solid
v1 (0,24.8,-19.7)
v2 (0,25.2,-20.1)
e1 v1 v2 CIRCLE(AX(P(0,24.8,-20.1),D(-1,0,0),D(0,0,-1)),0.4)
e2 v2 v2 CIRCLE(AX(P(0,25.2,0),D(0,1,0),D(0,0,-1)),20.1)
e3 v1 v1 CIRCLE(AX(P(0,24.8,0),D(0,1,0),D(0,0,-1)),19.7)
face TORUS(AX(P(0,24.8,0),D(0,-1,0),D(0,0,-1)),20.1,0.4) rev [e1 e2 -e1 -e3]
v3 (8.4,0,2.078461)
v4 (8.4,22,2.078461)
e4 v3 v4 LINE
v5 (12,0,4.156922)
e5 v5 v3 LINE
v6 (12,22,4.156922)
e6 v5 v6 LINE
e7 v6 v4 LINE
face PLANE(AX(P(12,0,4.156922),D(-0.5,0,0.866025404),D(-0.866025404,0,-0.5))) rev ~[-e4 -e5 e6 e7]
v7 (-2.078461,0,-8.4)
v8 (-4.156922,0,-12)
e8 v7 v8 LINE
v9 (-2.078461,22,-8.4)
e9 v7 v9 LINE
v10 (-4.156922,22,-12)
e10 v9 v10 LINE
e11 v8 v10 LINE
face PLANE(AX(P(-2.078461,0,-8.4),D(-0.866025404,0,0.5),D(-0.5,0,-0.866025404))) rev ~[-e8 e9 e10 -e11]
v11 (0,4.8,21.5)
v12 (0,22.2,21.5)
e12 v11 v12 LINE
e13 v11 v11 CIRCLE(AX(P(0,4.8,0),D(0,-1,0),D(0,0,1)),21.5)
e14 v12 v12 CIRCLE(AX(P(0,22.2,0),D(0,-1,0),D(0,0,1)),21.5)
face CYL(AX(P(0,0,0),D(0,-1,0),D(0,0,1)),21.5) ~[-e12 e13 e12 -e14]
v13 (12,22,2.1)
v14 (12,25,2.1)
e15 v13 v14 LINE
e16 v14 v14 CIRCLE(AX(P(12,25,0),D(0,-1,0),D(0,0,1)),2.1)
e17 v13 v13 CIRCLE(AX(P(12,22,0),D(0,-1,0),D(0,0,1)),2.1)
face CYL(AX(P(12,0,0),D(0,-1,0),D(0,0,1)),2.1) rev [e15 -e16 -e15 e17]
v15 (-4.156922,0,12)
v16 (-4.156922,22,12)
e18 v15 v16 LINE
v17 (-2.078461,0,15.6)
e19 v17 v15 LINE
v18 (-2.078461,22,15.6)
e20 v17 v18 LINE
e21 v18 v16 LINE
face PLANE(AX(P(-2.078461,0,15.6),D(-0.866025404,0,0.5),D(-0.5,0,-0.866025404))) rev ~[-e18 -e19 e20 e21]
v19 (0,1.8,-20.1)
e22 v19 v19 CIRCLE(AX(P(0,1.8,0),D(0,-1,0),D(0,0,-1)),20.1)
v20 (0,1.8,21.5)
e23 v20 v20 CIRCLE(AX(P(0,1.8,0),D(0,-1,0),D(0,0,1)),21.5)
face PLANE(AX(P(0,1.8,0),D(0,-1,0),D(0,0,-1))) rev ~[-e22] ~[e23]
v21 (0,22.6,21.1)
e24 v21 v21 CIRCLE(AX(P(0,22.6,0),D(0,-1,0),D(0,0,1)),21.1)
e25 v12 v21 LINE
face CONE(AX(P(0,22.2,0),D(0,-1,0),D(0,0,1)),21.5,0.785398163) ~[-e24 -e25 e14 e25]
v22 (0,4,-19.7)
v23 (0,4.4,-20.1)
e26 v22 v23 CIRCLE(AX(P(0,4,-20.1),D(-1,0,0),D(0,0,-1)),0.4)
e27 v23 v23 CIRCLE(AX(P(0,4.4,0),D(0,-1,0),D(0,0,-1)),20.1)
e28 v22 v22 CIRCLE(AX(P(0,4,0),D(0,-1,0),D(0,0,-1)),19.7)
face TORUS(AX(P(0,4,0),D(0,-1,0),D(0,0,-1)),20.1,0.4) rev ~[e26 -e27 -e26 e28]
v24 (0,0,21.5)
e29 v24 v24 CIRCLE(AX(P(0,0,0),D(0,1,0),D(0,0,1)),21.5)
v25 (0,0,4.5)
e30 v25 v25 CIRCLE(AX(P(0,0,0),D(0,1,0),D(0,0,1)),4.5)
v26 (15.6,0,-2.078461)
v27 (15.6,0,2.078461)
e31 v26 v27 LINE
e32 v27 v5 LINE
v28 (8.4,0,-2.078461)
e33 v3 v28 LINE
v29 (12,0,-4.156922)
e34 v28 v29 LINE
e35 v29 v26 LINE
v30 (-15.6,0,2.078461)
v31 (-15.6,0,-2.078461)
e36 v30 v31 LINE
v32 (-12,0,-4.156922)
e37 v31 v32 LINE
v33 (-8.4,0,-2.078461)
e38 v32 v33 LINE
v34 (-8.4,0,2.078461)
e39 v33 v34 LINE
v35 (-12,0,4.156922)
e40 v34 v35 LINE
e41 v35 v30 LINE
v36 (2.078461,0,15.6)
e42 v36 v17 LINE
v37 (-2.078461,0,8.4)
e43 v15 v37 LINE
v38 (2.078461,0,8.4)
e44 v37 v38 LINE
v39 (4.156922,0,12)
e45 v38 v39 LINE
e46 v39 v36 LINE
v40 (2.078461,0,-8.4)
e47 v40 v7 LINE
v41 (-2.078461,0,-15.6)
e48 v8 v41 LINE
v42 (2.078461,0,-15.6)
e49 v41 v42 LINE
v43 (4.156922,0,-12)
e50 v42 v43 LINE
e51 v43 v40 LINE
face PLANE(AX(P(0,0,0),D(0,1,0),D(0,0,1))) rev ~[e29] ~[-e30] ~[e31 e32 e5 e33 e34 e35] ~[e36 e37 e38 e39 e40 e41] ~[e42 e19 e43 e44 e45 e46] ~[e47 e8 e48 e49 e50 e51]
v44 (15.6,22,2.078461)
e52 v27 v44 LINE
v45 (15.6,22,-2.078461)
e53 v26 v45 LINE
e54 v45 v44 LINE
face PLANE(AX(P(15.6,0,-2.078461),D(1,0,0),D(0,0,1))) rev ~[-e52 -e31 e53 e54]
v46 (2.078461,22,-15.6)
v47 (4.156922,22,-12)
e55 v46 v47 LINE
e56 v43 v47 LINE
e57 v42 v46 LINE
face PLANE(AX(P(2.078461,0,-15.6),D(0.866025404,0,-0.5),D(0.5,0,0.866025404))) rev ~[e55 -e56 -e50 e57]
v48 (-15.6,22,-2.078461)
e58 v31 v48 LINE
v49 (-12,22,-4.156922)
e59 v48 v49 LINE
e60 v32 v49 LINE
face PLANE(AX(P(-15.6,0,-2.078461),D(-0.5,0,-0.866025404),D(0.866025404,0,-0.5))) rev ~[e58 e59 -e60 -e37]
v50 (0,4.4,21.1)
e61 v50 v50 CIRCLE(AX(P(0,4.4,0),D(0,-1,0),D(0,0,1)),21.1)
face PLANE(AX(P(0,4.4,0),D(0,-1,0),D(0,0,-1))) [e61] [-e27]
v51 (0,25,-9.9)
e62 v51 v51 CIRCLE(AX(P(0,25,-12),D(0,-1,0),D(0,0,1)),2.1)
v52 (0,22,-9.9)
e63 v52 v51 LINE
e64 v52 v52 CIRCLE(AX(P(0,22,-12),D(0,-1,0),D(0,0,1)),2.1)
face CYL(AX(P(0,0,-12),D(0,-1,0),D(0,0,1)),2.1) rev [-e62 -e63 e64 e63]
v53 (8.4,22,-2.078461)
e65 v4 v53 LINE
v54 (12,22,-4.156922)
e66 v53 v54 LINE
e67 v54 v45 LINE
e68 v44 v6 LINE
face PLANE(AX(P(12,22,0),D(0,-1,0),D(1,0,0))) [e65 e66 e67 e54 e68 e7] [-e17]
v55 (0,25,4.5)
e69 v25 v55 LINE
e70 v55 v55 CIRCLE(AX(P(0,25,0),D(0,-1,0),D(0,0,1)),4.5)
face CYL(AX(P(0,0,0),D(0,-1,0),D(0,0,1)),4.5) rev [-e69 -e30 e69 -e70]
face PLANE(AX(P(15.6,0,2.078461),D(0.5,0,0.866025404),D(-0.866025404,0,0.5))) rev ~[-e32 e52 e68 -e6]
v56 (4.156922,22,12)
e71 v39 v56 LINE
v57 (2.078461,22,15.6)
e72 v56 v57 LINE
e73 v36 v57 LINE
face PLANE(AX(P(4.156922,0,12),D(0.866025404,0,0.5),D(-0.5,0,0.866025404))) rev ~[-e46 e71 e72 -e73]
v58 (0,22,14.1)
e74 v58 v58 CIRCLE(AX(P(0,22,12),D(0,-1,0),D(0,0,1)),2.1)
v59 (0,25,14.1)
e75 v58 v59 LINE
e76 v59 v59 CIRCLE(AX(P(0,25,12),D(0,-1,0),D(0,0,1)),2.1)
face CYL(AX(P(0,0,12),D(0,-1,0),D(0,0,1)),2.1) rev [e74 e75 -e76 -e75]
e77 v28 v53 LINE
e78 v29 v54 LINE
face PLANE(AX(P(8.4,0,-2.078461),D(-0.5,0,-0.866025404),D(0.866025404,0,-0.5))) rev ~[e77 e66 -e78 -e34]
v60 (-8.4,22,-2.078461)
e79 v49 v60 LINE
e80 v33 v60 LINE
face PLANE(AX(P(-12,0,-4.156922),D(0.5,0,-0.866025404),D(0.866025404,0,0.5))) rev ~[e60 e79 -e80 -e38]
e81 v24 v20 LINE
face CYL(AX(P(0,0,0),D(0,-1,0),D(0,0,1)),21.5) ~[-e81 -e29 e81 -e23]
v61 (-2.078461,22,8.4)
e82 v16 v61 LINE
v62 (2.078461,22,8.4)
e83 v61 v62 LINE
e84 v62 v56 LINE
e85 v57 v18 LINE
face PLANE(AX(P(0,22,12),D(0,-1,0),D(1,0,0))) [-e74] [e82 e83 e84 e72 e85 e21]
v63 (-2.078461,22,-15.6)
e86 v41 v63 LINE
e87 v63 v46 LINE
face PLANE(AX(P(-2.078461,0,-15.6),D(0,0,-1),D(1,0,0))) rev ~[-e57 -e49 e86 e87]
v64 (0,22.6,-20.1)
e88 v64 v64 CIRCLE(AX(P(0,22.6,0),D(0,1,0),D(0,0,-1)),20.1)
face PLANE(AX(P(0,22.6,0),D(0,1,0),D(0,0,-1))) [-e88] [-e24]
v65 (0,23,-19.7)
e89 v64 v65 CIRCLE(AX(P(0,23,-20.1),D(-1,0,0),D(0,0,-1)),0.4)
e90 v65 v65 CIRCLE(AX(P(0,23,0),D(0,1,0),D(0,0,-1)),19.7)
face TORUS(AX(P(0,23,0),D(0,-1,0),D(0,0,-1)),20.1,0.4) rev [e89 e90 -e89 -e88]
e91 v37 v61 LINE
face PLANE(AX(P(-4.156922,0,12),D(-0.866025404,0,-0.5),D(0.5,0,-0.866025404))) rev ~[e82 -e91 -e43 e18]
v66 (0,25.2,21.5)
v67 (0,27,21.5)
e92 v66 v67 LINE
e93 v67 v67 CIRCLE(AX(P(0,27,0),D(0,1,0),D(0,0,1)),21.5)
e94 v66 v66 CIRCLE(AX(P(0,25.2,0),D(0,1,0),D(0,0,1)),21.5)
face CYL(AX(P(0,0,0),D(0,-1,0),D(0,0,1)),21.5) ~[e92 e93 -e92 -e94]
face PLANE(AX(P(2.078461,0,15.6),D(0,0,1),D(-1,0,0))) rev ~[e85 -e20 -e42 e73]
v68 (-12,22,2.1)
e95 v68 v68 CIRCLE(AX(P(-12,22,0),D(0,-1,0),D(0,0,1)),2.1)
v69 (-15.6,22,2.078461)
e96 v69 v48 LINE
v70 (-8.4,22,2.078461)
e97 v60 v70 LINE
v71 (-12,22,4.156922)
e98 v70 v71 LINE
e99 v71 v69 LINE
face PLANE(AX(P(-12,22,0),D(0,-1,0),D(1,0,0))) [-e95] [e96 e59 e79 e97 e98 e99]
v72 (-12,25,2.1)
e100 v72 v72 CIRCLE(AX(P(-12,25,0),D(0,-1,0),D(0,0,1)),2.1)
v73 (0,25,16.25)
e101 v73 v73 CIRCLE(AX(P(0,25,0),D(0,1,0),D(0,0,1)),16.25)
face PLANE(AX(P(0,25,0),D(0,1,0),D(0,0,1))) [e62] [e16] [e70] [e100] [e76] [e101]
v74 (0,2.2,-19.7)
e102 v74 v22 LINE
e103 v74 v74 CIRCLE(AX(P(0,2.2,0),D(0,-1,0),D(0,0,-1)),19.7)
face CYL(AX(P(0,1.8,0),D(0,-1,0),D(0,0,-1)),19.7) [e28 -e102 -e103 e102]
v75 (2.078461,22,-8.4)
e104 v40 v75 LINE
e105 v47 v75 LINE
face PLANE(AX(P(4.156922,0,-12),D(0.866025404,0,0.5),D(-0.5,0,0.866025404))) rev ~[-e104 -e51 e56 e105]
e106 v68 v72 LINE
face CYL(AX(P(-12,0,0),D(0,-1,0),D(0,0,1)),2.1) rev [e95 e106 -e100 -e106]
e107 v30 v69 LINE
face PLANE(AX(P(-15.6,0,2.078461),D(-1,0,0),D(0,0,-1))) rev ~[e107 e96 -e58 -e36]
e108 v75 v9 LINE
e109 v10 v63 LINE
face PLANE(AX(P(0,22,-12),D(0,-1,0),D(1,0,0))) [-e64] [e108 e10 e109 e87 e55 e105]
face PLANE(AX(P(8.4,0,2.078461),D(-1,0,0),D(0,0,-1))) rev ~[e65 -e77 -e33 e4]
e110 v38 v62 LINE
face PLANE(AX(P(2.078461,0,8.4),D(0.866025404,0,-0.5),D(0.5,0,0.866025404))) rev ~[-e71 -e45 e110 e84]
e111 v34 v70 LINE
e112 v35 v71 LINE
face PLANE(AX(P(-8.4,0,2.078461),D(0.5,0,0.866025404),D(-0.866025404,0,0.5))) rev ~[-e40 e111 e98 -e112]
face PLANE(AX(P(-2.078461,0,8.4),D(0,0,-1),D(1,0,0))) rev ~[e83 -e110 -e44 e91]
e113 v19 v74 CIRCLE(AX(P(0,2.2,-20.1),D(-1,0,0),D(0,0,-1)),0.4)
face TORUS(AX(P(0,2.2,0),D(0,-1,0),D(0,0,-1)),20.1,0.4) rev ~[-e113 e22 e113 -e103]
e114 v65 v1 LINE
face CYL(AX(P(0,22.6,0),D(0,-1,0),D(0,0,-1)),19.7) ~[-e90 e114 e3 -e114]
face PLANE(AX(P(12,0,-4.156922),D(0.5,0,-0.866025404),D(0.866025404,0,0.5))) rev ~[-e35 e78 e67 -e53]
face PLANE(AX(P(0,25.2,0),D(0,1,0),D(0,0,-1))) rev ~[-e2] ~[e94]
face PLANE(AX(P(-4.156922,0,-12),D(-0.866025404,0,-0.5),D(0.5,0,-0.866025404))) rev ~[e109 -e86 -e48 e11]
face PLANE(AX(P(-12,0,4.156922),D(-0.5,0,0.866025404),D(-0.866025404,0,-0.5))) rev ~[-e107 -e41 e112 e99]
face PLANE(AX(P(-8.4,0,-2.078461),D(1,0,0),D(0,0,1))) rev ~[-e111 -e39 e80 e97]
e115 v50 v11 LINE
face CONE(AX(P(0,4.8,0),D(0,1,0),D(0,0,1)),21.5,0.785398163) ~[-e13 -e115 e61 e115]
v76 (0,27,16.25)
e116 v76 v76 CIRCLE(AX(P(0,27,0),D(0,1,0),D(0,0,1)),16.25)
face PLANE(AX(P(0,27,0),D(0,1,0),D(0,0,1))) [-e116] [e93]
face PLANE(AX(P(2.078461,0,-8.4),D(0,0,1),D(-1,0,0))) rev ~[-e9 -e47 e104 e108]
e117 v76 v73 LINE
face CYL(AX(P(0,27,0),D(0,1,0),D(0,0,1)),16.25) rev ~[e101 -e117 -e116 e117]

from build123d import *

# Parameters (mm, degrees)
SKETCH1_R           = 21.5
SKETCH1_R_2         = 4.5
SKETCH1_R_3         = 2.1
BOSS_EXTRUDE1_DEPTH = 27
CUT_EXTRUDE1_DEPTH  = 22
SKETCH3_R           = 16.25
CUT_EXTRUDE2_DEPTH  = 2
SKETCH6_R           = 21.5
SKETCH6_R_2         = 19.7
CUT_EXTRUDE3_DEPTH  = 2.6
CUT_EXTRUDE4_START  = -2.6
SKETCH7_R           = 21.5
SKETCH7_R_2         = 19.7
CUT_EXTRUDE4_DEPTH  = 2.6
FILLET1_R           = 0.4
CHAMFER1_SIZE       = 0.4


with BuildPart() as part:
    # Sketch1 → Boss-Extrude1 (new body)
    with BuildSketch(Plane(origin=(0, 0, 0), x_dir=(1, 0, 0), z_dir=(0, 1, 0))):
        with Locations(Location((0, 0, 0), (0, 0, 270))):
            Circle(SKETCH1_R)
        with Locations(Location((0, 0, 0), (0, 0, 270))):
            Circle(SKETCH1_R_2, mode=Mode.SUBTRACT)
        with Locations(Location((0, 12, 0), (0, 0, 270))):
            Circle(SKETCH1_R_3, mode=Mode.SUBTRACT)
        with Locations(Location((12, 0, 0), (0, 0, 270))):
            Circle(SKETCH1_R_3, mode=Mode.SUBTRACT)
        with Locations(Location((0, -12, 0), (0, 0, 270))):
            Circle(SKETCH1_R_3, mode=Mode.SUBTRACT)
        with Locations(Location((-12, 0, 0), (0, 0, 270))):
            Circle(SKETCH1_R_3, mode=Mode.SUBTRACT)
    extrude(amount=BOSS_EXTRUDE1_DEPTH)

    # Sketch2 → Cut-Extrude1 (cut)
    with BuildSketch(Plane.XZ):
        Polygon((12, -4.156921938), (15.6, -2.078460969), (15.6, 2.078460969), (12, 4.156921938), (8.4, 2.078460969), (8.4, -2.078460969), align=None)
        Polygon((4.156921938, 12), (2.078460969, 15.6), (-2.078460969, 15.6), (-4.156921938, 12), (-2.078460969, 8.4), (2.078460969, 8.4), align=None)
        Polygon((-4.156921938, -12), (-2.078460969, -15.6), (2.078460969, -15.6), (4.156921938, -12), (2.078460969, -8.4), (-2.078460969, -8.4), align=None)
        Polygon((-12, 4.156921938), (-15.6, 2.078460969), (-15.6, -2.078460969), (-12, -4.156921938), (-8.4, -2.078460969), (-8.4, 2.078460969), align=None)
    extrude(amount=-CUT_EXTRUDE1_DEPTH, mode=Mode.SUBTRACT)

    # Sketch3 → Cut-Extrude2 (cut)
    with BuildSketch(Plane(origin=(0, 27, 0), x_dir=(1, 0, 0), z_dir=(0, 1, 0))):
        with Locations(Location((0, 0, 0), (0, 0, 270))):
            Circle(SKETCH3_R)
    extrude(amount=-CUT_EXTRUDE2_DEPTH, mode=Mode.SUBTRACT)

    # Sketch6 → Cut-Extrude3 (cut)
    with BuildSketch(Plane(origin=(0, 1.8, 0), x_dir=(-1, 0, 0), z_dir=(0, -1, 0))):
        with Locations(Location((0, 0, 0), (0, 0, 90))):
            Circle(SKETCH6_R)
        with Locations(Location((0, 0, 0), (0, 0, 90))):
            Circle(SKETCH6_R_2, mode=Mode.SUBTRACT)
    extrude(amount=-CUT_EXTRUDE3_DEPTH, mode=Mode.SUBTRACT)

    # Sketch7 → Cut-Extrude4 (cut)
    with BuildSketch(Plane(origin=(0, 25.2, 0), x_dir=(1, 0, 0), z_dir=(0, 1, 0)).offset(CUT_EXTRUDE4_START)):
        with Locations(Location((0, 0, 0), (0, 0, 90))):
            Circle(SKETCH7_R)
        with Locations(Location((0, 0, 0), (0, 0, 90))):
            Circle(SKETCH7_R_2, mode=Mode.SUBTRACT)
    extrude(amount=CUT_EXTRUDE4_DEPTH, mode=Mode.SUBTRACT)

    # Fillet1
    fillet1_edges = [part.edges().sort_by_distance(p)[0] for p in [
        (0, 4.4, 19.7),
        (0, 1.8, 19.7),
        (0, 22.6, 19.7),
        (0, 25.2, 19.7),
    ]]
    fillet(fillet1_edges, radius=FILLET1_R)

    # Chamfer1
    chamfer1_edges = [part.edges().sort_by_distance(p)[0] for p in [
        (0, 4.4, -21.5),
        (0, 22.6, -21.5),
    ]]
    chamfer(chamfer1_edges, length=CHAMFER1_SIZE)


solid = part.part
